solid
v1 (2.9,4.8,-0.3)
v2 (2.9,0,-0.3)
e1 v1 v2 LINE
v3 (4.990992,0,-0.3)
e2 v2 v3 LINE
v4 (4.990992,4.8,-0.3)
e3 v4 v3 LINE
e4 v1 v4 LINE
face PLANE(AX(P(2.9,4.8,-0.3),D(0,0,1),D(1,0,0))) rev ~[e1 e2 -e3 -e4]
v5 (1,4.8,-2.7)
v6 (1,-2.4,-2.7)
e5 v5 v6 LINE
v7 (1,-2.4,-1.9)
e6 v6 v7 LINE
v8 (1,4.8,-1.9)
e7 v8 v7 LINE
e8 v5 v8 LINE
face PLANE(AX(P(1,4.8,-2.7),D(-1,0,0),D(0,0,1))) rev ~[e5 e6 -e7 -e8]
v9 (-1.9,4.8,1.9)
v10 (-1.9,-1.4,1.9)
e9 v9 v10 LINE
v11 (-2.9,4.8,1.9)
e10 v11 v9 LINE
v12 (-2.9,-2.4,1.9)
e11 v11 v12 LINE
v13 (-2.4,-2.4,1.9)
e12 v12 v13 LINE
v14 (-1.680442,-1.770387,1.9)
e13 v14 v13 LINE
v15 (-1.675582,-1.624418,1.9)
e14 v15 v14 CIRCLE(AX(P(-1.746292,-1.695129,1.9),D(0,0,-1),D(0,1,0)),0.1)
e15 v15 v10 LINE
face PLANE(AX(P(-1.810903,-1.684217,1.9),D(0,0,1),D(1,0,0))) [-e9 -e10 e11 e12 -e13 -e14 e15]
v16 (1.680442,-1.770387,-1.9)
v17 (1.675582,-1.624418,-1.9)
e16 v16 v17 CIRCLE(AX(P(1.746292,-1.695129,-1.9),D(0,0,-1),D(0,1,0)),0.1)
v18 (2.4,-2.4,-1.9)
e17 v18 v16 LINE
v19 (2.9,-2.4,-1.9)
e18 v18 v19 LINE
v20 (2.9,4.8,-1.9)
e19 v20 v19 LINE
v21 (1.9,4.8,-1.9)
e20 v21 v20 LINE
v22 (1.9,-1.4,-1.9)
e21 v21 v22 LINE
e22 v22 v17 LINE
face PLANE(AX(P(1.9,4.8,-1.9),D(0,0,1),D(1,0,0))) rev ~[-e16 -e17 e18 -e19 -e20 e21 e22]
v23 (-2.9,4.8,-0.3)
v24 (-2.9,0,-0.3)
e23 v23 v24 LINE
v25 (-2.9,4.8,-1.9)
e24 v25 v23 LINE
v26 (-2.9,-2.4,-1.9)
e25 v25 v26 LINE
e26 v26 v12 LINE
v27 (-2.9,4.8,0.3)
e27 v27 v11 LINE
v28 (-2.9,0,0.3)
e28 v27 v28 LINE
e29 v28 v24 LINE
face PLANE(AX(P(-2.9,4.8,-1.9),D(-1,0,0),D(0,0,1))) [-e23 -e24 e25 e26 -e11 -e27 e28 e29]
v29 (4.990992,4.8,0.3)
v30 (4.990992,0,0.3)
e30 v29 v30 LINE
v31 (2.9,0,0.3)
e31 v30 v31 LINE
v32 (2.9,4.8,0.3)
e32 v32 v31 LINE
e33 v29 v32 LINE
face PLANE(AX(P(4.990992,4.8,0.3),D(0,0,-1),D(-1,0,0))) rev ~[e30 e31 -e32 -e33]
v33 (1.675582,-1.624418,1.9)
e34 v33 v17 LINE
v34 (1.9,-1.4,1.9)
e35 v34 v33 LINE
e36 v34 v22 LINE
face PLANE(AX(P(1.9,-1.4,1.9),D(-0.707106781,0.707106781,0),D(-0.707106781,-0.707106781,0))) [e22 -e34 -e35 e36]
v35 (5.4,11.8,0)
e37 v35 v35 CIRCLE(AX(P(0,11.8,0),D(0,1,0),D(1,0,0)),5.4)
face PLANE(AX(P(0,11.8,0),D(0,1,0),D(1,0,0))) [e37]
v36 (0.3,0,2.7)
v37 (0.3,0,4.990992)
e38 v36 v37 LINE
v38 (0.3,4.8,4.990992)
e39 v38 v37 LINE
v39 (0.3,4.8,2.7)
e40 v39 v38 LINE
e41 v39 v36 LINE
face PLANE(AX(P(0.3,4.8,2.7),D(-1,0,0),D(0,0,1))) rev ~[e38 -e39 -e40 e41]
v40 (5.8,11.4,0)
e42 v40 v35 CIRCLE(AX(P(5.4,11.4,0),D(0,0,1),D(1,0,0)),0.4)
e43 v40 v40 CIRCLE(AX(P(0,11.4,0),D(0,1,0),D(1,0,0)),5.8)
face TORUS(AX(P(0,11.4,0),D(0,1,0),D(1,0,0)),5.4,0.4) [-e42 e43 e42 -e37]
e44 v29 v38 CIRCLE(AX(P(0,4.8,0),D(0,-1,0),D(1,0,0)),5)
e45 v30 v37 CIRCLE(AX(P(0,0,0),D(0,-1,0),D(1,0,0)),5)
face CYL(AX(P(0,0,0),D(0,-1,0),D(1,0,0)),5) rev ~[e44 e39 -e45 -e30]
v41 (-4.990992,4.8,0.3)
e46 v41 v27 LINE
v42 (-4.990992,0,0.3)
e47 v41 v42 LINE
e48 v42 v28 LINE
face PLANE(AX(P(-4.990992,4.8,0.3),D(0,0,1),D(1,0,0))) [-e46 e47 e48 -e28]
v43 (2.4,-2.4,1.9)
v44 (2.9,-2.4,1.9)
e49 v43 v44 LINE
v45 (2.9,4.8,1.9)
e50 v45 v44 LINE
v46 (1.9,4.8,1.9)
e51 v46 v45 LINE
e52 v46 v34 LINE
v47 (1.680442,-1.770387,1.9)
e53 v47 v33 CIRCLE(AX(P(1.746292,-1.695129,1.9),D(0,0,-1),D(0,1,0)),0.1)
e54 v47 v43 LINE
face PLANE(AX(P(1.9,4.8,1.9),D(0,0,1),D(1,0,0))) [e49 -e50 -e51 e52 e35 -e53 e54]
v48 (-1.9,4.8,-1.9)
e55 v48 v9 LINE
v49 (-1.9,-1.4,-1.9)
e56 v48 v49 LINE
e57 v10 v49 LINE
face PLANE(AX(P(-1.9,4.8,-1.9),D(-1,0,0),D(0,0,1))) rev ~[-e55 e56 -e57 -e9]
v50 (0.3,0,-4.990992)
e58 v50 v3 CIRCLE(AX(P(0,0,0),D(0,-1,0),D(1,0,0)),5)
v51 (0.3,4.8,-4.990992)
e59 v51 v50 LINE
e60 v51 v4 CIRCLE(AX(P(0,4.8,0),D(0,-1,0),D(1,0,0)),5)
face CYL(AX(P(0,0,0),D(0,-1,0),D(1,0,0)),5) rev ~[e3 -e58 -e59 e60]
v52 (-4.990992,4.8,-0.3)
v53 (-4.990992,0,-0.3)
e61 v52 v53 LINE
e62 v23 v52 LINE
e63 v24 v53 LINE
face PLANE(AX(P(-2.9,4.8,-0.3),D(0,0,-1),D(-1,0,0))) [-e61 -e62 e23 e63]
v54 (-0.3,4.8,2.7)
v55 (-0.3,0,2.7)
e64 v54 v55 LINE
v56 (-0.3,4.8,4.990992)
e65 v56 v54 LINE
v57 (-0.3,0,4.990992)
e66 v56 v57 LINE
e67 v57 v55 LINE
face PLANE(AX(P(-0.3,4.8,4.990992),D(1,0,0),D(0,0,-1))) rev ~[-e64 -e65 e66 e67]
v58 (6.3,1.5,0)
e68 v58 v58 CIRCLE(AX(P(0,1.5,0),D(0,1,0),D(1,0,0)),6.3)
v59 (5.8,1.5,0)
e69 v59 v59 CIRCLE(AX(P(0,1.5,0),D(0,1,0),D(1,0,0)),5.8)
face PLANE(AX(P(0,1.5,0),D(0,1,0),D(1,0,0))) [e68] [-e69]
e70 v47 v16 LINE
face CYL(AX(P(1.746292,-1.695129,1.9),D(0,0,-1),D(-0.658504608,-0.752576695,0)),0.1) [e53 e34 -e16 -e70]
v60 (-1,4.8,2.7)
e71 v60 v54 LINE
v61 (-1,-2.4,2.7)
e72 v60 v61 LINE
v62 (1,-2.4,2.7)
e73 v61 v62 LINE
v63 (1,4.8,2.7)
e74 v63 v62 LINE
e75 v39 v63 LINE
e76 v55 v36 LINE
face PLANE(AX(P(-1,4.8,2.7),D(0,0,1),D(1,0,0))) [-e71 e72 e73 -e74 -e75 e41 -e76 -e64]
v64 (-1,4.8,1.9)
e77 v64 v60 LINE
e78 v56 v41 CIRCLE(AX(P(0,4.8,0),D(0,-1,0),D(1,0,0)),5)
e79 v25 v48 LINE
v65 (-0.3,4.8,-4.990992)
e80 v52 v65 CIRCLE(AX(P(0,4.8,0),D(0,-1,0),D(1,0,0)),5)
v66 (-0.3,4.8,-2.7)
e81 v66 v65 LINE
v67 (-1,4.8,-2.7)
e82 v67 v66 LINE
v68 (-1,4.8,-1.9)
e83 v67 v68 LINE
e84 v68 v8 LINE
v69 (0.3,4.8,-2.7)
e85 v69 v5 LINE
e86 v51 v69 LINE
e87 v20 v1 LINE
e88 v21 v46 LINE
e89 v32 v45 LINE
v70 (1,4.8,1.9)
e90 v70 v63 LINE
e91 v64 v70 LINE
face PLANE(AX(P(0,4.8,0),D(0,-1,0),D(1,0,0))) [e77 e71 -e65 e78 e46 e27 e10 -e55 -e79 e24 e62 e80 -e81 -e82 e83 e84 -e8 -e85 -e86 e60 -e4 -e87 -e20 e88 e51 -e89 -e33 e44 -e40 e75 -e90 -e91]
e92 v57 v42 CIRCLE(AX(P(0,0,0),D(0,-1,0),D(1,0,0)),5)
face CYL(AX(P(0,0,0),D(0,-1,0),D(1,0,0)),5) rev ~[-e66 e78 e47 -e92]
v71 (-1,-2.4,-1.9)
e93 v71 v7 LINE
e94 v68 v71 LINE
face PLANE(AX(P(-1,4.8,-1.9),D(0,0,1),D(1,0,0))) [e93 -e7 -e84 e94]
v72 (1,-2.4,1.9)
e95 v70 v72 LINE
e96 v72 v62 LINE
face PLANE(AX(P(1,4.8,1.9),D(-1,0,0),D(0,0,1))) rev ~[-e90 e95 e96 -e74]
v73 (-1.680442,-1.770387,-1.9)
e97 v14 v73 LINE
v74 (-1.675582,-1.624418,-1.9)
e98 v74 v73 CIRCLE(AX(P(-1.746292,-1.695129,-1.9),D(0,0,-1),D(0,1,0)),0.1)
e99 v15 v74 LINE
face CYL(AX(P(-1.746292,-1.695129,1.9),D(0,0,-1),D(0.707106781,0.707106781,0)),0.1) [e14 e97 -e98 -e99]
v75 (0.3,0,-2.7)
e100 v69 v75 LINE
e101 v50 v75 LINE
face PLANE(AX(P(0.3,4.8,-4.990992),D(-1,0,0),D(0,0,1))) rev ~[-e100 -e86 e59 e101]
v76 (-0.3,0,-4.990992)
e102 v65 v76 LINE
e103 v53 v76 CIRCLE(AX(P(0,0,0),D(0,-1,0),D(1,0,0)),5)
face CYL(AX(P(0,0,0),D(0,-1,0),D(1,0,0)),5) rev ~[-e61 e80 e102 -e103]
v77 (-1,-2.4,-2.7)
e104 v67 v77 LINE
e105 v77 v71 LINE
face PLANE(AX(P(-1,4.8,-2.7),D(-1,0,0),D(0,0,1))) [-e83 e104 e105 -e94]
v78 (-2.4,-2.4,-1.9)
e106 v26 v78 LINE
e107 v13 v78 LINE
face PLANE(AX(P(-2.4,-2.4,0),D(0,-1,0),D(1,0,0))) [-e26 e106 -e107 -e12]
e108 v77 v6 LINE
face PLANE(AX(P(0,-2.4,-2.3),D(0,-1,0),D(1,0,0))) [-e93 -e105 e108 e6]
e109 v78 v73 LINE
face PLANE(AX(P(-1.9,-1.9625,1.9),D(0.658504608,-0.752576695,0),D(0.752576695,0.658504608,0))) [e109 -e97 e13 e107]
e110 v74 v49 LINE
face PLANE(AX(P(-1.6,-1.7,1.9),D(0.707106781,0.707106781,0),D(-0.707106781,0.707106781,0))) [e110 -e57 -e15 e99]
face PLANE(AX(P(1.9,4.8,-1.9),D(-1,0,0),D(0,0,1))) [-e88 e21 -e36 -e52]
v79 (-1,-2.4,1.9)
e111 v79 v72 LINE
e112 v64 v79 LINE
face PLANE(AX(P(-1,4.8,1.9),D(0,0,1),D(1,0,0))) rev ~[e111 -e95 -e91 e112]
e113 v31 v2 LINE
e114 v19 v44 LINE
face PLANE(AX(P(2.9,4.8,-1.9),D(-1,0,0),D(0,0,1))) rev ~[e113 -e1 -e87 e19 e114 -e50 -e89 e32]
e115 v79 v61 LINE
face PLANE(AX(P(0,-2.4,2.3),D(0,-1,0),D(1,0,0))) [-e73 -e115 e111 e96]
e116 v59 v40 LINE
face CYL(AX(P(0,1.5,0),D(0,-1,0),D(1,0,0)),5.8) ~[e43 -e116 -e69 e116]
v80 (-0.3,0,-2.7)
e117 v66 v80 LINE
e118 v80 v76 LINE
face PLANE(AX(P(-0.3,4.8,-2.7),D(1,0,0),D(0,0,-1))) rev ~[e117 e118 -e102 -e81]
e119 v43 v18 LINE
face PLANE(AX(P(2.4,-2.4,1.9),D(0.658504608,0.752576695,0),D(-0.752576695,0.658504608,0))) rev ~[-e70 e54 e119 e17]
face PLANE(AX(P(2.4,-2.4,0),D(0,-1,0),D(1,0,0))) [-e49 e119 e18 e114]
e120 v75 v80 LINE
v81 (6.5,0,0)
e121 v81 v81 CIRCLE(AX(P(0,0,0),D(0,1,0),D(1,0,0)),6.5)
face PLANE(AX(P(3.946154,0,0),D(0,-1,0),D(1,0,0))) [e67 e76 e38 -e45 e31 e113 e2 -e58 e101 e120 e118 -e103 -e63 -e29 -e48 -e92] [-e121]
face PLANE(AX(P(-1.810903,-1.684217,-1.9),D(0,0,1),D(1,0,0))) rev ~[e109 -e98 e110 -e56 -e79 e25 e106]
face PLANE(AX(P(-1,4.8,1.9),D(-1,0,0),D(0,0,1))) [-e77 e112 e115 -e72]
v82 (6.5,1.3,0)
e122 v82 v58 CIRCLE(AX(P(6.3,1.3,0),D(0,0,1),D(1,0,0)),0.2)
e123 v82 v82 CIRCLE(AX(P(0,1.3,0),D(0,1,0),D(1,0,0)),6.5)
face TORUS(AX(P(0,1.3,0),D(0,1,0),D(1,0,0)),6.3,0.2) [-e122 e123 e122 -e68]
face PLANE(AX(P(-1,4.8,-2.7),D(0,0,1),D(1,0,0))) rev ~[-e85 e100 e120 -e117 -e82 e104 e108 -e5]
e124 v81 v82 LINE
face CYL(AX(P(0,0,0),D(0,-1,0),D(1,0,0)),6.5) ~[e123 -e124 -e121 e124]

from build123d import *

# Parameters (mm, degrees)
SKETCH1_R           = 6.5
BOSS_EXTRUDE1_DEPTH = 1.5
SKETCH2_R           = 5.8
BOSS_EXTRUDE2_DEPTH = 10.3
FILLET1_R           = 0.4
SKETCH3_R           = 5
CUT_EXTRUDE1_DEPTH  = 4.8
BOSS_EXTRUDE3_DEPTH = 4.8
SKETCH5_W           = 2
SKETCH5_H           = 0.8
SKETCH5_W_2         = 1
SKETCH5_H_2         = 3.8
BOSS_EXTRUDE4_DEPTH = 7.2
CUT_EXTRUDE2_REACH  = 10.4
BOSS_EXTRUDE5_DEPTH = 3.8
FILLET2_R           = 0.1
FILLET3_R           = 0.2


with BuildPart() as part:
    # Sketch1 → Boss-Extrude1 (new body)
    with BuildSketch(Plane(origin=(0, 0, 0), x_dir=(1, 0, 0), z_dir=(0, 1, 0))):
        Circle(SKETCH1_R)
    extrude(amount=BOSS_EXTRUDE1_DEPTH)

    # Sketch2 → Boss-Extrude2 (add)
    with BuildSketch(Plane(origin=(0, 1.5, 0), x_dir=(1, 0, 0), z_dir=(0, 1, 0))):
        Circle(SKETCH2_R)
    extrude(amount=BOSS_EXTRUDE2_DEPTH)

    # Fillet1
    fillet1_edges = [part.edges().sort_by_distance(p)[0] for p in [
        (-5.8, 11.8, 0),
    ]]
    fillet(fillet1_edges, radius=FILLET1_R)

    # Sketch3 → Cut-Extrude1 (cut)
    with BuildSketch(Plane.XZ):
        Circle(SKETCH3_R)
    extrude(amount=-CUT_EXTRUDE1_DEPTH, mode=Mode.SUBTRACT)

    # Sketch4 → Boss-Extrude3 (add)
    with BuildSketch(Plane.XZ.offset(-4.8)):
        with BuildLine():
            Line((-4.990991885, 0.3), (-2.9, 0.3))
            Line((-2.9, 0.3), (-2.9, -0.3))
            Line((-2.9, -0.3), (-4.990991885, -0.3))
            ThreePointArc((-4.990991885, -0.3), (-5, 0), (-4.990991885, 0.3))
        make_face()
        with BuildLine():
            Line((2.9, 0.3), (2.9, -0.3))
            Line((2.9, -0.3), (4.990991885, -0.3))
            ThreePointArc((4.990991885, -0.3), (5, 0), (4.990991885, 0.3))
            Line((4.990991885, 0.3), (2.9, 0.3))
        make_face()
        with BuildLine():
            Line((-0.3, 4.990991885), (-0.3, 2.7))
            Line((-0.3, 2.7), (0.3, 2.7))
            Line((0.3, 2.7), (0.3, 4.990991885))
            ThreePointArc((0.3, 4.990991885), (0, 5), (-0.3, 4.990991885))
        make_face()
        with BuildLine():
            Line((0.3, -2.7), (-0.3, -2.7))
            Line((-0.3, -2.7), (-0.3, -4.990991885))
            ThreePointArc((-0.3, -4.990991885), (0, -5), (0.3, -4.990991885))
            Line((0.3, -4.990991885), (0.3, -2.7))
        make_face()
    extrude(amount=BOSS_EXTRUDE3_DEPTH)

    # Sketch5 → Boss-Extrude4 (add)
    with BuildSketch(Plane.XZ.offset(-4.8)):
        with Locations((0, 2.3)):
            Rectangle(SKETCH5_W, SKETCH5_H)
        with Locations((-2.4, 0)):
            Rectangle(SKETCH5_W_2, SKETCH5_H_2)
        with Locations((2.4, 0)):
            Rectangle(SKETCH5_W_2, SKETCH5_H_2)
        with Locations((0, -2.3)):
            Rectangle(SKETCH5_W, SKETCH5_H)
    extrude(amount=BOSS_EXTRUDE4_DEPTH)

    # Sketch6 → Cut-Extrude2 (cut, up to next)
    with BuildSketch(Plane.XY.offset(1.9), mode=Mode.PRIVATE) as cut_extrude2_sk1:
        Polygon((-1.9, -2.4), (-1.9, -1.9625), (-2.4, -2.4), align=None)
    cut_extrude2_tool1 = extrude(cut_extrude2_sk1.sketch, amount=-CUT_EXTRUDE2_REACH, mode=Mode.PRIVATE) & part.part
    add(cut_extrude2_tool1.solids().sort_by_distance((-2.066667, -2.254167, 1.9))[0], mode=Mode.SUBTRACT)
    # Sketch6 → Cut-Extrude2 (cut, up to next)
    with BuildSketch(Plane.XY.offset(1.9), mode=Mode.PRIVATE) as cut_extrude2_sk2:
        Polygon((1.9, -1.9625), (1.9, -2.4), (2.4, -2.4), align=None)
    cut_extrude2_tool2 = extrude(cut_extrude2_sk2.sketch, amount=-CUT_EXTRUDE2_REACH, mode=Mode.PRIVATE) & part.part
    add(cut_extrude2_tool2.solids().sort_by_distance((2.066667, -2.254167, 1.9))[0], mode=Mode.SUBTRACT)

    # Sketch6<3> → Boss-Extrude5 (add)
    with BuildSketch(Plane.XY.offset(1.9)):
        Polygon((-1.6, -1.7), (-1.9, -1.4), (-1.9, -1.9625), align=None)
        Polygon((1.6, -1.7), (1.9, -1.9625), (1.9, -1.4), align=None)
    extrude(amount=-BOSS_EXTRUDE5_DEPTH)

    # Fillet2
    fillet2_edges = [part.edges().sort_by_distance(p)[0] for p in [
        (-1.6, -1.7, 0),
        (1.6, -1.7, 0),
    ]]
    fillet(fillet2_edges, radius=FILLET2_R)

    # Fillet3
    fillet3_edges = [part.edges().sort_by_distance(p)[0] for p in [
        (-6.5, 1.5, 0),
    ]]
    fillet(fillet3_edges, radius=FILLET3_R)


solid = part.part
